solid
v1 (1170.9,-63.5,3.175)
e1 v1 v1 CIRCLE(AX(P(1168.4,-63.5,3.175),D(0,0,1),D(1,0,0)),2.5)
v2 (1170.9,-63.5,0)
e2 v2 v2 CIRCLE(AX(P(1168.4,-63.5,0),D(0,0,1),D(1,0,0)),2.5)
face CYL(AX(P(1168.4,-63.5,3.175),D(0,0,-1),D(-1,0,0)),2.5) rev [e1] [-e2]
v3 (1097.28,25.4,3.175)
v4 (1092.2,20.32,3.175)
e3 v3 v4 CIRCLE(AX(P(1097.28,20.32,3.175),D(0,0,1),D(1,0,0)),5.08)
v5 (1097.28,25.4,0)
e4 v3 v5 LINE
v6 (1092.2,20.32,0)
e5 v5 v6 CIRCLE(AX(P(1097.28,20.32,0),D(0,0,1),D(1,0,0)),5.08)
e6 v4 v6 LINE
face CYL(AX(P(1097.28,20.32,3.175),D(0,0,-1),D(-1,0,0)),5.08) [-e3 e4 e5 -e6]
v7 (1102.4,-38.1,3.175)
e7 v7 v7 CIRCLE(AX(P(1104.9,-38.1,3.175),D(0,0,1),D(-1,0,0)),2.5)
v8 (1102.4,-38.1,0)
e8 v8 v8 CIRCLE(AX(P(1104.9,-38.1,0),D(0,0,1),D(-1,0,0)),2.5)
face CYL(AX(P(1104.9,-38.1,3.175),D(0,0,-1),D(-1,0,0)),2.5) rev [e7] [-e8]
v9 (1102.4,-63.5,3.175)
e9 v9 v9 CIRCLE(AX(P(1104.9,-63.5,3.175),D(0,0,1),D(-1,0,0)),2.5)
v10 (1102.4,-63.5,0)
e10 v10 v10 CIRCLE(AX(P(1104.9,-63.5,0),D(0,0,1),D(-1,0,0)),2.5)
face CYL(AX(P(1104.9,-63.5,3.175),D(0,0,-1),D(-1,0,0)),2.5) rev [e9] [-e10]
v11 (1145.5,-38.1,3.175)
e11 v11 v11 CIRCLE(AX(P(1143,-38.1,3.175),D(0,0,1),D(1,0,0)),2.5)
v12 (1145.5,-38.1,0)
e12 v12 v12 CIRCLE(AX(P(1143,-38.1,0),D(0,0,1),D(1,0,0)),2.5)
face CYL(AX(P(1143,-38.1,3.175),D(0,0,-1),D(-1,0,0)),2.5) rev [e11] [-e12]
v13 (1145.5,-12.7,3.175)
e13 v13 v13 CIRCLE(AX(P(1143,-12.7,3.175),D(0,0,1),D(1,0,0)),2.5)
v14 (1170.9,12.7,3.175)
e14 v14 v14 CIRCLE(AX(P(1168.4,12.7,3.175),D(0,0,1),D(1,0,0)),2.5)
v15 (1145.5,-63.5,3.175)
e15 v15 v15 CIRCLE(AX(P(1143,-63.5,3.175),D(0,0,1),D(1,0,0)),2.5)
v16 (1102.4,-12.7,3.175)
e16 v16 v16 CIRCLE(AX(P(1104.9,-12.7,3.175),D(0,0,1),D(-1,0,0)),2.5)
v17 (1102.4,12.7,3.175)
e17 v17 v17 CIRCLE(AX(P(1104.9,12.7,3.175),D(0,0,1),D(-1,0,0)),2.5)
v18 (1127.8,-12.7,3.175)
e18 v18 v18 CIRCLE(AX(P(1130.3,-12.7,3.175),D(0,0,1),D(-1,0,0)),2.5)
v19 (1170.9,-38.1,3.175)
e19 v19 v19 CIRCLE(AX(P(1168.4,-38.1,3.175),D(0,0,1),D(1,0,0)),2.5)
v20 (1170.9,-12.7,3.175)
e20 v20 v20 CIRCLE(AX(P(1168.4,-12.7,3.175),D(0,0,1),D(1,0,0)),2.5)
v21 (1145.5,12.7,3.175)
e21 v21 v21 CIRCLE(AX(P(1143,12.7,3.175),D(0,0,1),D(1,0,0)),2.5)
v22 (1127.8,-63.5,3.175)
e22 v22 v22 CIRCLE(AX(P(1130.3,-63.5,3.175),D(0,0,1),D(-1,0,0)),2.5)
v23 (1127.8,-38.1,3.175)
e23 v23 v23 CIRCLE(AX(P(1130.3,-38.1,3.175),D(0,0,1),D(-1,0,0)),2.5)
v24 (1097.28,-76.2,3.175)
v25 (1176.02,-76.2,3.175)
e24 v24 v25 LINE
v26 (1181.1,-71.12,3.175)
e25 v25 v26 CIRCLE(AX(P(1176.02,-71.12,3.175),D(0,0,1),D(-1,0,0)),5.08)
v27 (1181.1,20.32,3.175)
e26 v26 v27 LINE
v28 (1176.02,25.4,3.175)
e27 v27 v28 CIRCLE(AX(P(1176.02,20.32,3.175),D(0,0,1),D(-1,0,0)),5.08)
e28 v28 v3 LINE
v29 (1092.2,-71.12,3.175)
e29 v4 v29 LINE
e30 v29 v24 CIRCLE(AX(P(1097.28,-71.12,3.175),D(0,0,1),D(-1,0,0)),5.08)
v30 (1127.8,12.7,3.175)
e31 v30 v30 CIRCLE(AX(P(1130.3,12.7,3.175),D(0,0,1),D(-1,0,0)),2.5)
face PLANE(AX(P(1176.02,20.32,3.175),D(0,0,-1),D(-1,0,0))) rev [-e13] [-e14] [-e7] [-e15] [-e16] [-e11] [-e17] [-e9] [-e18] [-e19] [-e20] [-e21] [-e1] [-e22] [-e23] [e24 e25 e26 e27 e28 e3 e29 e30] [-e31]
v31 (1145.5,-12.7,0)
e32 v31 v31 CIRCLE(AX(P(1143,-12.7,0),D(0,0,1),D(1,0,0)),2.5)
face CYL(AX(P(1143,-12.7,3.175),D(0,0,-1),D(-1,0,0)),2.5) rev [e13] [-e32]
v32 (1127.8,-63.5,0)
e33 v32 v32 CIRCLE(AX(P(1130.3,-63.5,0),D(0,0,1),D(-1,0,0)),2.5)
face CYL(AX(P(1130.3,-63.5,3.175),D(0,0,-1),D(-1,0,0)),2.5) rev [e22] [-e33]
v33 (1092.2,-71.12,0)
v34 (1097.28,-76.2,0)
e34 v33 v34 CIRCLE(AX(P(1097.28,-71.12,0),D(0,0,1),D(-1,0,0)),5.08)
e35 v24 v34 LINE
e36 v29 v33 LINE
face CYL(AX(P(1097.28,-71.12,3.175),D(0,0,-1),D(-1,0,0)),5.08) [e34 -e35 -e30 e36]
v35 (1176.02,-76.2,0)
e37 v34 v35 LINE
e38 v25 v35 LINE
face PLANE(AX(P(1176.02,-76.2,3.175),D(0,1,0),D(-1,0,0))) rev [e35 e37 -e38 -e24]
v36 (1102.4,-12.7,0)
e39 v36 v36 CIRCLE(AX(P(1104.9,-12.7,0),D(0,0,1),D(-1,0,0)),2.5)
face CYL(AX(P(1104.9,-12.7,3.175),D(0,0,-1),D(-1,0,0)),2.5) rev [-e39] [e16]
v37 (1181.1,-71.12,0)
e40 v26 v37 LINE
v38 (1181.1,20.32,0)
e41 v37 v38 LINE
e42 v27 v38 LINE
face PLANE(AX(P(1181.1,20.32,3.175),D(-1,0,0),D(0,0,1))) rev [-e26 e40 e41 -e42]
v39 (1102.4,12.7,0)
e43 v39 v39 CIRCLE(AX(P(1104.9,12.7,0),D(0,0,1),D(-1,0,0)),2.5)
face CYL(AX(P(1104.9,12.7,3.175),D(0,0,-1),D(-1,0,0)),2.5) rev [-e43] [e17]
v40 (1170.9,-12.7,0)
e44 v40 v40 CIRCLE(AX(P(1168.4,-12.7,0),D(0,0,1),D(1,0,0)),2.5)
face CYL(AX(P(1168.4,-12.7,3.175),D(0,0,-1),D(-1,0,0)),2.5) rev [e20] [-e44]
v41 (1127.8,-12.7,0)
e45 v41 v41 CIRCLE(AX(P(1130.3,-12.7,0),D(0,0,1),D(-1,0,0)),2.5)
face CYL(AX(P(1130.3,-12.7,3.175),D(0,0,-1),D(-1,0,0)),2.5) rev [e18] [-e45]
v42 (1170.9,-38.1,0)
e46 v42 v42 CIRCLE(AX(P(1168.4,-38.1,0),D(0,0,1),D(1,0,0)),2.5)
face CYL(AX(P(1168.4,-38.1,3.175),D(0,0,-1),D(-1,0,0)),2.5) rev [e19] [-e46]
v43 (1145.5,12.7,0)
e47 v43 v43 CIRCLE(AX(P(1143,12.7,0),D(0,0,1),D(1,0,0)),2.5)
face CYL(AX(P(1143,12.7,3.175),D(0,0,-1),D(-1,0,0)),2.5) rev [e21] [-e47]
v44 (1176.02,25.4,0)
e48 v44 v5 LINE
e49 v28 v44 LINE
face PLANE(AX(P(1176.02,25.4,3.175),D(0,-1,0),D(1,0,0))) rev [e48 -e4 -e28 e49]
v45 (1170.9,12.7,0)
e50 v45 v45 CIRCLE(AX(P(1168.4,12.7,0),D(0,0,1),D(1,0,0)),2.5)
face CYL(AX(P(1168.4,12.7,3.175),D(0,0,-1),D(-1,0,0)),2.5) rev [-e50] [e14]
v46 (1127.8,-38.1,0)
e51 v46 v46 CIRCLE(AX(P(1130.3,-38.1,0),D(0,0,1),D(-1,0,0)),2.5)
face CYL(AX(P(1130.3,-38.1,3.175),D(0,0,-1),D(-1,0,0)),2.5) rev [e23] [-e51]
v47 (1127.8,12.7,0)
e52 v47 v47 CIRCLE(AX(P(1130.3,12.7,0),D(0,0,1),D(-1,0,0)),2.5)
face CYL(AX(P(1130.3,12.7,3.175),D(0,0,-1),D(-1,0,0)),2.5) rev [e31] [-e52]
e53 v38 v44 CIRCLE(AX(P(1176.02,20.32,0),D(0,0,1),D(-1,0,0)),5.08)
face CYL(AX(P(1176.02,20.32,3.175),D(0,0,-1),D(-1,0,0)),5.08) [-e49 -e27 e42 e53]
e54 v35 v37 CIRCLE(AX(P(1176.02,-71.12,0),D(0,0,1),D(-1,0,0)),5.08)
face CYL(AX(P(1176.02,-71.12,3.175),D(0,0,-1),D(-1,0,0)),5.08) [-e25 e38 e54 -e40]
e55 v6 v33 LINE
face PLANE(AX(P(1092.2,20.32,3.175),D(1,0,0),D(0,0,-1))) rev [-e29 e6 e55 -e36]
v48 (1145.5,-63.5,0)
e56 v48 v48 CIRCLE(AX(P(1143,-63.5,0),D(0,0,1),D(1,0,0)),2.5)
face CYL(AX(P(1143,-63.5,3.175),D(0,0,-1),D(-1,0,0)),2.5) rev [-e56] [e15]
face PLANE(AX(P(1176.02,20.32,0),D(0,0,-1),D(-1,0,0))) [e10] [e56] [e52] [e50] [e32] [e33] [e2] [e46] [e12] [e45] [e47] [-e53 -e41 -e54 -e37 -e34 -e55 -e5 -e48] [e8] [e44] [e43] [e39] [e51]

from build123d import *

# Parameters (mm, degrees)
SKETCH1_R           = 2.5
BOSS_EXTRUDE1_DEPTH = 3.175


with BuildPart() as part:
    # Sketch1 → Boss-Extrude1 (new body)
    with BuildSketch(Plane.XY):
        with BuildLine():
            Line((1176.02, 25.4), (1097.28, 25.4))
            ThreePointArc((1097.28, 25.4), (1093.687897552, 23.912102448), (1092.2, 20.32))
            Line((1092.2, 20.32), (1092.2, -71.12))
            ThreePointArc((1092.2, -71.12), (1093.687897552, -74.712102448), (1097.28, -76.2))
            Line((1097.28, -76.2), (1176.02, -76.2))
            ThreePointArc((1176.02, -76.2), (1179.612102448, -74.712102448), (1181.1, -71.12))
            Line((1181.1, -71.12), (1181.1, 20.32))
            ThreePointArc((1181.1, 20.32), (1179.612102448, 23.912102448), (1176.02, 25.4))
        make_face()
        with Locations((1143, 12.7)):
            Circle(SKETCH1_R, mode=Mode.SUBTRACT)
        with Locations((1168.4, 12.7)):
            Circle(SKETCH1_R, mode=Mode.SUBTRACT)
        with Locations((1168.4, -12.7)):
            Circle(SKETCH1_R, mode=Mode.SUBTRACT)
        with Locations((1168.4, -38.1)):
            Circle(SKETCH1_R, mode=Mode.SUBTRACT)
        with Locations((1168.4, -63.5)):
            Circle(SKETCH1_R, mode=Mode.SUBTRACT)
        with Locations((1143, -12.7)):
            Circle(SKETCH1_R, mode=Mode.SUBTRACT)
        with Locations((1143, -38.1)):
            Circle(SKETCH1_R, mode=Mode.SUBTRACT)
        with Locations((1143, -63.5)):
            Circle(SKETCH1_R, mode=Mode.SUBTRACT)
        with Locations(Location((1104.9, 12.7, 0), (0, 0, 180))):
            Circle(SKETCH1_R, mode=Mode.SUBTRACT)
        with Locations(Location((1104.9, -12.7, 0), (0, 0, 180))):
            Circle(SKETCH1_R, mode=Mode.SUBTRACT)
        with Locations(Location((1104.9, -38.1, 0), (0, 0, 180))):
            Circle(SKETCH1_R, mode=Mode.SUBTRACT)
        with Locations(Location((1104.9, -63.5, 0), (0, 0, 180))):
            Circle(SKETCH1_R, mode=Mode.SUBTRACT)
        with Locations(Location((1130.3, -63.5, 0), (0, 0, 180))):
            Circle(SKETCH1_R, mode=Mode.SUBTRACT)
        with Locations(Location((1130.3, -38.1, 0), (0, 0, 180))):
            Circle(SKETCH1_R, mode=Mode.SUBTRACT)
        with Locations(Location((1130.3, -12.7, 0), (0, 0, 180))):
            Circle(SKETCH1_R, mode=Mode.SUBTRACT)
        with Locations(Location((1130.3, 12.7, 0), (0, 0, 180))):
            Circle(SKETCH1_R, mode=Mode.SUBTRACT)
    extrude(amount=BOSS_EXTRUDE1_DEPTH)


solid = part.part
